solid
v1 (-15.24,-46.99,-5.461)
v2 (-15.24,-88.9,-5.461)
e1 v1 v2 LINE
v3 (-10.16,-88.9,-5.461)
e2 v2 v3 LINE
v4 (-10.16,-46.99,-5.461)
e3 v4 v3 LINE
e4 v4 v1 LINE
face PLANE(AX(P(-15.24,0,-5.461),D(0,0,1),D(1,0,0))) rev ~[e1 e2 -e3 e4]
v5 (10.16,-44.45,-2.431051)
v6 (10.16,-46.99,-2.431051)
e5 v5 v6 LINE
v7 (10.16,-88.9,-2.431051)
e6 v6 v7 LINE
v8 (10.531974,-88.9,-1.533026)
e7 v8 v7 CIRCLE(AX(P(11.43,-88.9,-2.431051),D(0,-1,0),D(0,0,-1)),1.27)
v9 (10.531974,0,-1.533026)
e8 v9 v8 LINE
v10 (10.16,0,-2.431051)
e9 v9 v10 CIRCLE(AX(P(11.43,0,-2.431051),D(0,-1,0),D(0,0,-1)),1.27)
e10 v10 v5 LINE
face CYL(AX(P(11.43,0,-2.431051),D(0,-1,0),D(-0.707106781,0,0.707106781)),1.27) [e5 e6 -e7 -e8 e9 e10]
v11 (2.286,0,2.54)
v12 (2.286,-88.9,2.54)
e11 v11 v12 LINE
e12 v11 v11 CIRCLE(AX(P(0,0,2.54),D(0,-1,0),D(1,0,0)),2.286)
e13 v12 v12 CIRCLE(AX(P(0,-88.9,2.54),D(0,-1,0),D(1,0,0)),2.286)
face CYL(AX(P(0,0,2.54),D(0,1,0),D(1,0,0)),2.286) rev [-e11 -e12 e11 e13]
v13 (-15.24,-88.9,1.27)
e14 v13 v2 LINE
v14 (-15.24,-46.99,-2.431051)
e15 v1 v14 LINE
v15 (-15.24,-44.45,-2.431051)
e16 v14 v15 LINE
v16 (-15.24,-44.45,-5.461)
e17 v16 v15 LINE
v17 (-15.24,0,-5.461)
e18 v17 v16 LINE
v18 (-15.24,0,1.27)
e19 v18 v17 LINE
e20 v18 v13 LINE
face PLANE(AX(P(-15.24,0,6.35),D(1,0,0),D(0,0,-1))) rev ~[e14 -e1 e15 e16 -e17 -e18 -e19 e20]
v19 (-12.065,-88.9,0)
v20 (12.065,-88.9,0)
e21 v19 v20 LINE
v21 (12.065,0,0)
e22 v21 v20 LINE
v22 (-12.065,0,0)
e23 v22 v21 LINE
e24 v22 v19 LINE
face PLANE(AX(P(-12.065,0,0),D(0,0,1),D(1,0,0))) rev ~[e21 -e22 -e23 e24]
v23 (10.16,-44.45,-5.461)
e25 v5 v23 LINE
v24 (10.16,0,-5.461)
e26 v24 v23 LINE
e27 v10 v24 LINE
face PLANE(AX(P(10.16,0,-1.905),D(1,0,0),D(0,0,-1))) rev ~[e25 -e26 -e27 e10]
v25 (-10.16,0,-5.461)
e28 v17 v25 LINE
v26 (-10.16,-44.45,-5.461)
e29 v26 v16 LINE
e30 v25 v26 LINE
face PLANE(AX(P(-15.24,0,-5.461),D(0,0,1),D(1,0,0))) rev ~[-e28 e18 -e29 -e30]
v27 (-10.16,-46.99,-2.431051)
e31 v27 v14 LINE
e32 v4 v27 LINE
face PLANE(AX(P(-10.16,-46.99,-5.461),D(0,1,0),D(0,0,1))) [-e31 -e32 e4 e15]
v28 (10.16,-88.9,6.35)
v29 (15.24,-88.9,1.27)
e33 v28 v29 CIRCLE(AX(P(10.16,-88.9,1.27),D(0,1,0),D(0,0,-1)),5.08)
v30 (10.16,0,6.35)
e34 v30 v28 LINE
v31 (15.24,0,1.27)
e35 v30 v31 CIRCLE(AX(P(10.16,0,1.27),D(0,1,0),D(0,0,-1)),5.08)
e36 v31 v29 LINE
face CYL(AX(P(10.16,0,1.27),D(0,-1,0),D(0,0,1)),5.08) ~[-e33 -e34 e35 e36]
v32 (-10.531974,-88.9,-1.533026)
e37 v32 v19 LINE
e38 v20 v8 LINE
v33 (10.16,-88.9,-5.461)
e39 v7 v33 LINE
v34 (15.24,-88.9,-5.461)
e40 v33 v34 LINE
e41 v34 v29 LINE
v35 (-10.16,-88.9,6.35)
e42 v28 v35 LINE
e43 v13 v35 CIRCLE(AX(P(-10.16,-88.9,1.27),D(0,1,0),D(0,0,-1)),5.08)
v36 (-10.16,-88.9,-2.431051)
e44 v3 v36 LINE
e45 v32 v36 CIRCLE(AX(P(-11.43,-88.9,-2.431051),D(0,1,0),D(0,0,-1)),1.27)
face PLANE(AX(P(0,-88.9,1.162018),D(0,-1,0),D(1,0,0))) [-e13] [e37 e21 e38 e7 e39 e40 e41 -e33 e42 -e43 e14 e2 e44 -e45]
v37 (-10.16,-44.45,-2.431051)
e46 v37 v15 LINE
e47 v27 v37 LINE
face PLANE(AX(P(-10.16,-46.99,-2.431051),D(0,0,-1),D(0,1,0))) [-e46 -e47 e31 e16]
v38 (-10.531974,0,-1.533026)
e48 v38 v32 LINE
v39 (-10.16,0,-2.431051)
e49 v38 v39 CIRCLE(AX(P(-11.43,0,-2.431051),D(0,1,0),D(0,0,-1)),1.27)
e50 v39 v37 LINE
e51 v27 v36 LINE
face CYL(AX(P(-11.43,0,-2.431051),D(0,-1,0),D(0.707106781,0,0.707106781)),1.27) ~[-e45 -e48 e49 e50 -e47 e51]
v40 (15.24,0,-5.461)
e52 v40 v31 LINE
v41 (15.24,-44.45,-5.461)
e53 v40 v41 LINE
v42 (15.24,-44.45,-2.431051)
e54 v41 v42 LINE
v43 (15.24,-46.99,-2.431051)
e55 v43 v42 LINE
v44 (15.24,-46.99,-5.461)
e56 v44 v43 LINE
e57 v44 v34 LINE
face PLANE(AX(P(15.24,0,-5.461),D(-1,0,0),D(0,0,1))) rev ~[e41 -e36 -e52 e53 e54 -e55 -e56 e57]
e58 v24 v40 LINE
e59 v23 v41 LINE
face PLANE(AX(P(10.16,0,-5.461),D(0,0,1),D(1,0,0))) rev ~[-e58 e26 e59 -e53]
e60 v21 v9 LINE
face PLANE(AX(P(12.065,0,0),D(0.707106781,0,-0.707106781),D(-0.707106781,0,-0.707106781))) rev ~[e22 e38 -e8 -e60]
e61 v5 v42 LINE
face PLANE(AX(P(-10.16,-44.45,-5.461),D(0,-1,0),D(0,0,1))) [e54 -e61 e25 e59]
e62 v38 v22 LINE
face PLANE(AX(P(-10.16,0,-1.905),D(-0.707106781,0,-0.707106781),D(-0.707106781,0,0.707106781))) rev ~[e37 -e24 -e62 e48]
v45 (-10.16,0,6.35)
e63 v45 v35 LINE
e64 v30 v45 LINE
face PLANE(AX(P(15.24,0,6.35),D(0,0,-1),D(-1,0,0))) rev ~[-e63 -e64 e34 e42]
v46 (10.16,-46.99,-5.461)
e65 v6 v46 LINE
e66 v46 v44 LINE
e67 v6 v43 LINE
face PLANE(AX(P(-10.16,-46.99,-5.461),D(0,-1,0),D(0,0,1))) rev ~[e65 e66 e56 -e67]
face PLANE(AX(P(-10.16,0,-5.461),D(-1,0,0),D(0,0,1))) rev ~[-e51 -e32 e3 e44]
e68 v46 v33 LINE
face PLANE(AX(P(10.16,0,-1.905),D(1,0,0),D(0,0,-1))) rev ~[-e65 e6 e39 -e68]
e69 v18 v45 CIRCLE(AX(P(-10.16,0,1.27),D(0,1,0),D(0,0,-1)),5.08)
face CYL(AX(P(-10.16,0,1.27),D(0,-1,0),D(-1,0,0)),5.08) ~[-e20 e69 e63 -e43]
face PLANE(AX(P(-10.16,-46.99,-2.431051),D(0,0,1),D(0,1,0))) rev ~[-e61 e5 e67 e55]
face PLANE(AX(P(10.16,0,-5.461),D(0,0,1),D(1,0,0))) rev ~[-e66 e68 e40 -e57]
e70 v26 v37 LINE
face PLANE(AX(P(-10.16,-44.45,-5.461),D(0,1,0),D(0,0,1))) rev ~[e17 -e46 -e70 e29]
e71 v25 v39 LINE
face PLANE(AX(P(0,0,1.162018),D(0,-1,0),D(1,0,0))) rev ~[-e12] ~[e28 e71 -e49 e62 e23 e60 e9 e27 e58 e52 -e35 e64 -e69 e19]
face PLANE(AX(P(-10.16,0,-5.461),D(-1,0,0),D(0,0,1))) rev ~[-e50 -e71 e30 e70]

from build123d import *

# Parameters (mm, degrees)
F0_R          = 2.286
F1_DEPTH      = 88.9
F2_R          = 1.27
F3_R          = 5.08
F4_W          = 2.54
F4_H          = 3.0299487758
F5_DEPTH      = 5.081
F5_DEPTH_BACK = 25.401


with BuildPart() as f1:
    # F0 (on Front) → F1 (new body)
    with BuildSketch(Plane.XZ):
        Polygon((-12.065, 0), (0, 0), (12.065, 0), (10.16, -1.905), (10.16, -5.461), (15.24, -5.461), (15.24, 6.35), (0, 6.35), (-15.24, 6.35), (-15.24, -5.461), (-10.16, -5.461), (-10.16, -1.905), align=None)
        with Locations((0, 2.54)):
            Circle(F0_R, mode=Mode.SUBTRACT)
    extrude(amount=F1_DEPTH)

    # F2
    f2_edges = [f1.edges().sort_by_distance(p)[0] for p in [
        (-10.16, -44.45, -1.905),
        (10.16, -44.45, -1.905),
    ]]
    fillet(f2_edges, radius=F2_R)

    # F3
    f3_edges = [f1.edges().sort_by_distance(p)[0] for p in [
        (-15.24, -44.45, 6.35),
        (15.24, -44.45, 6.35),
    ]]
    fillet(f3_edges, radius=F3_R)

    # F4 (on face) → F5 (cut, two sides)
    with BuildSketch(Plane.YZ.offset(-10.16)) as f5_sk:
        with Locations((-45.72, -3.9460256121)):
            Rectangle(F4_W, F4_H)
    extrude(amount=-F5_DEPTH, mode=Mode.SUBTRACT)
    extrude(f5_sk.sketch, amount=F5_DEPTH_BACK, mode=Mode.SUBTRACT)


solid = f1.part
